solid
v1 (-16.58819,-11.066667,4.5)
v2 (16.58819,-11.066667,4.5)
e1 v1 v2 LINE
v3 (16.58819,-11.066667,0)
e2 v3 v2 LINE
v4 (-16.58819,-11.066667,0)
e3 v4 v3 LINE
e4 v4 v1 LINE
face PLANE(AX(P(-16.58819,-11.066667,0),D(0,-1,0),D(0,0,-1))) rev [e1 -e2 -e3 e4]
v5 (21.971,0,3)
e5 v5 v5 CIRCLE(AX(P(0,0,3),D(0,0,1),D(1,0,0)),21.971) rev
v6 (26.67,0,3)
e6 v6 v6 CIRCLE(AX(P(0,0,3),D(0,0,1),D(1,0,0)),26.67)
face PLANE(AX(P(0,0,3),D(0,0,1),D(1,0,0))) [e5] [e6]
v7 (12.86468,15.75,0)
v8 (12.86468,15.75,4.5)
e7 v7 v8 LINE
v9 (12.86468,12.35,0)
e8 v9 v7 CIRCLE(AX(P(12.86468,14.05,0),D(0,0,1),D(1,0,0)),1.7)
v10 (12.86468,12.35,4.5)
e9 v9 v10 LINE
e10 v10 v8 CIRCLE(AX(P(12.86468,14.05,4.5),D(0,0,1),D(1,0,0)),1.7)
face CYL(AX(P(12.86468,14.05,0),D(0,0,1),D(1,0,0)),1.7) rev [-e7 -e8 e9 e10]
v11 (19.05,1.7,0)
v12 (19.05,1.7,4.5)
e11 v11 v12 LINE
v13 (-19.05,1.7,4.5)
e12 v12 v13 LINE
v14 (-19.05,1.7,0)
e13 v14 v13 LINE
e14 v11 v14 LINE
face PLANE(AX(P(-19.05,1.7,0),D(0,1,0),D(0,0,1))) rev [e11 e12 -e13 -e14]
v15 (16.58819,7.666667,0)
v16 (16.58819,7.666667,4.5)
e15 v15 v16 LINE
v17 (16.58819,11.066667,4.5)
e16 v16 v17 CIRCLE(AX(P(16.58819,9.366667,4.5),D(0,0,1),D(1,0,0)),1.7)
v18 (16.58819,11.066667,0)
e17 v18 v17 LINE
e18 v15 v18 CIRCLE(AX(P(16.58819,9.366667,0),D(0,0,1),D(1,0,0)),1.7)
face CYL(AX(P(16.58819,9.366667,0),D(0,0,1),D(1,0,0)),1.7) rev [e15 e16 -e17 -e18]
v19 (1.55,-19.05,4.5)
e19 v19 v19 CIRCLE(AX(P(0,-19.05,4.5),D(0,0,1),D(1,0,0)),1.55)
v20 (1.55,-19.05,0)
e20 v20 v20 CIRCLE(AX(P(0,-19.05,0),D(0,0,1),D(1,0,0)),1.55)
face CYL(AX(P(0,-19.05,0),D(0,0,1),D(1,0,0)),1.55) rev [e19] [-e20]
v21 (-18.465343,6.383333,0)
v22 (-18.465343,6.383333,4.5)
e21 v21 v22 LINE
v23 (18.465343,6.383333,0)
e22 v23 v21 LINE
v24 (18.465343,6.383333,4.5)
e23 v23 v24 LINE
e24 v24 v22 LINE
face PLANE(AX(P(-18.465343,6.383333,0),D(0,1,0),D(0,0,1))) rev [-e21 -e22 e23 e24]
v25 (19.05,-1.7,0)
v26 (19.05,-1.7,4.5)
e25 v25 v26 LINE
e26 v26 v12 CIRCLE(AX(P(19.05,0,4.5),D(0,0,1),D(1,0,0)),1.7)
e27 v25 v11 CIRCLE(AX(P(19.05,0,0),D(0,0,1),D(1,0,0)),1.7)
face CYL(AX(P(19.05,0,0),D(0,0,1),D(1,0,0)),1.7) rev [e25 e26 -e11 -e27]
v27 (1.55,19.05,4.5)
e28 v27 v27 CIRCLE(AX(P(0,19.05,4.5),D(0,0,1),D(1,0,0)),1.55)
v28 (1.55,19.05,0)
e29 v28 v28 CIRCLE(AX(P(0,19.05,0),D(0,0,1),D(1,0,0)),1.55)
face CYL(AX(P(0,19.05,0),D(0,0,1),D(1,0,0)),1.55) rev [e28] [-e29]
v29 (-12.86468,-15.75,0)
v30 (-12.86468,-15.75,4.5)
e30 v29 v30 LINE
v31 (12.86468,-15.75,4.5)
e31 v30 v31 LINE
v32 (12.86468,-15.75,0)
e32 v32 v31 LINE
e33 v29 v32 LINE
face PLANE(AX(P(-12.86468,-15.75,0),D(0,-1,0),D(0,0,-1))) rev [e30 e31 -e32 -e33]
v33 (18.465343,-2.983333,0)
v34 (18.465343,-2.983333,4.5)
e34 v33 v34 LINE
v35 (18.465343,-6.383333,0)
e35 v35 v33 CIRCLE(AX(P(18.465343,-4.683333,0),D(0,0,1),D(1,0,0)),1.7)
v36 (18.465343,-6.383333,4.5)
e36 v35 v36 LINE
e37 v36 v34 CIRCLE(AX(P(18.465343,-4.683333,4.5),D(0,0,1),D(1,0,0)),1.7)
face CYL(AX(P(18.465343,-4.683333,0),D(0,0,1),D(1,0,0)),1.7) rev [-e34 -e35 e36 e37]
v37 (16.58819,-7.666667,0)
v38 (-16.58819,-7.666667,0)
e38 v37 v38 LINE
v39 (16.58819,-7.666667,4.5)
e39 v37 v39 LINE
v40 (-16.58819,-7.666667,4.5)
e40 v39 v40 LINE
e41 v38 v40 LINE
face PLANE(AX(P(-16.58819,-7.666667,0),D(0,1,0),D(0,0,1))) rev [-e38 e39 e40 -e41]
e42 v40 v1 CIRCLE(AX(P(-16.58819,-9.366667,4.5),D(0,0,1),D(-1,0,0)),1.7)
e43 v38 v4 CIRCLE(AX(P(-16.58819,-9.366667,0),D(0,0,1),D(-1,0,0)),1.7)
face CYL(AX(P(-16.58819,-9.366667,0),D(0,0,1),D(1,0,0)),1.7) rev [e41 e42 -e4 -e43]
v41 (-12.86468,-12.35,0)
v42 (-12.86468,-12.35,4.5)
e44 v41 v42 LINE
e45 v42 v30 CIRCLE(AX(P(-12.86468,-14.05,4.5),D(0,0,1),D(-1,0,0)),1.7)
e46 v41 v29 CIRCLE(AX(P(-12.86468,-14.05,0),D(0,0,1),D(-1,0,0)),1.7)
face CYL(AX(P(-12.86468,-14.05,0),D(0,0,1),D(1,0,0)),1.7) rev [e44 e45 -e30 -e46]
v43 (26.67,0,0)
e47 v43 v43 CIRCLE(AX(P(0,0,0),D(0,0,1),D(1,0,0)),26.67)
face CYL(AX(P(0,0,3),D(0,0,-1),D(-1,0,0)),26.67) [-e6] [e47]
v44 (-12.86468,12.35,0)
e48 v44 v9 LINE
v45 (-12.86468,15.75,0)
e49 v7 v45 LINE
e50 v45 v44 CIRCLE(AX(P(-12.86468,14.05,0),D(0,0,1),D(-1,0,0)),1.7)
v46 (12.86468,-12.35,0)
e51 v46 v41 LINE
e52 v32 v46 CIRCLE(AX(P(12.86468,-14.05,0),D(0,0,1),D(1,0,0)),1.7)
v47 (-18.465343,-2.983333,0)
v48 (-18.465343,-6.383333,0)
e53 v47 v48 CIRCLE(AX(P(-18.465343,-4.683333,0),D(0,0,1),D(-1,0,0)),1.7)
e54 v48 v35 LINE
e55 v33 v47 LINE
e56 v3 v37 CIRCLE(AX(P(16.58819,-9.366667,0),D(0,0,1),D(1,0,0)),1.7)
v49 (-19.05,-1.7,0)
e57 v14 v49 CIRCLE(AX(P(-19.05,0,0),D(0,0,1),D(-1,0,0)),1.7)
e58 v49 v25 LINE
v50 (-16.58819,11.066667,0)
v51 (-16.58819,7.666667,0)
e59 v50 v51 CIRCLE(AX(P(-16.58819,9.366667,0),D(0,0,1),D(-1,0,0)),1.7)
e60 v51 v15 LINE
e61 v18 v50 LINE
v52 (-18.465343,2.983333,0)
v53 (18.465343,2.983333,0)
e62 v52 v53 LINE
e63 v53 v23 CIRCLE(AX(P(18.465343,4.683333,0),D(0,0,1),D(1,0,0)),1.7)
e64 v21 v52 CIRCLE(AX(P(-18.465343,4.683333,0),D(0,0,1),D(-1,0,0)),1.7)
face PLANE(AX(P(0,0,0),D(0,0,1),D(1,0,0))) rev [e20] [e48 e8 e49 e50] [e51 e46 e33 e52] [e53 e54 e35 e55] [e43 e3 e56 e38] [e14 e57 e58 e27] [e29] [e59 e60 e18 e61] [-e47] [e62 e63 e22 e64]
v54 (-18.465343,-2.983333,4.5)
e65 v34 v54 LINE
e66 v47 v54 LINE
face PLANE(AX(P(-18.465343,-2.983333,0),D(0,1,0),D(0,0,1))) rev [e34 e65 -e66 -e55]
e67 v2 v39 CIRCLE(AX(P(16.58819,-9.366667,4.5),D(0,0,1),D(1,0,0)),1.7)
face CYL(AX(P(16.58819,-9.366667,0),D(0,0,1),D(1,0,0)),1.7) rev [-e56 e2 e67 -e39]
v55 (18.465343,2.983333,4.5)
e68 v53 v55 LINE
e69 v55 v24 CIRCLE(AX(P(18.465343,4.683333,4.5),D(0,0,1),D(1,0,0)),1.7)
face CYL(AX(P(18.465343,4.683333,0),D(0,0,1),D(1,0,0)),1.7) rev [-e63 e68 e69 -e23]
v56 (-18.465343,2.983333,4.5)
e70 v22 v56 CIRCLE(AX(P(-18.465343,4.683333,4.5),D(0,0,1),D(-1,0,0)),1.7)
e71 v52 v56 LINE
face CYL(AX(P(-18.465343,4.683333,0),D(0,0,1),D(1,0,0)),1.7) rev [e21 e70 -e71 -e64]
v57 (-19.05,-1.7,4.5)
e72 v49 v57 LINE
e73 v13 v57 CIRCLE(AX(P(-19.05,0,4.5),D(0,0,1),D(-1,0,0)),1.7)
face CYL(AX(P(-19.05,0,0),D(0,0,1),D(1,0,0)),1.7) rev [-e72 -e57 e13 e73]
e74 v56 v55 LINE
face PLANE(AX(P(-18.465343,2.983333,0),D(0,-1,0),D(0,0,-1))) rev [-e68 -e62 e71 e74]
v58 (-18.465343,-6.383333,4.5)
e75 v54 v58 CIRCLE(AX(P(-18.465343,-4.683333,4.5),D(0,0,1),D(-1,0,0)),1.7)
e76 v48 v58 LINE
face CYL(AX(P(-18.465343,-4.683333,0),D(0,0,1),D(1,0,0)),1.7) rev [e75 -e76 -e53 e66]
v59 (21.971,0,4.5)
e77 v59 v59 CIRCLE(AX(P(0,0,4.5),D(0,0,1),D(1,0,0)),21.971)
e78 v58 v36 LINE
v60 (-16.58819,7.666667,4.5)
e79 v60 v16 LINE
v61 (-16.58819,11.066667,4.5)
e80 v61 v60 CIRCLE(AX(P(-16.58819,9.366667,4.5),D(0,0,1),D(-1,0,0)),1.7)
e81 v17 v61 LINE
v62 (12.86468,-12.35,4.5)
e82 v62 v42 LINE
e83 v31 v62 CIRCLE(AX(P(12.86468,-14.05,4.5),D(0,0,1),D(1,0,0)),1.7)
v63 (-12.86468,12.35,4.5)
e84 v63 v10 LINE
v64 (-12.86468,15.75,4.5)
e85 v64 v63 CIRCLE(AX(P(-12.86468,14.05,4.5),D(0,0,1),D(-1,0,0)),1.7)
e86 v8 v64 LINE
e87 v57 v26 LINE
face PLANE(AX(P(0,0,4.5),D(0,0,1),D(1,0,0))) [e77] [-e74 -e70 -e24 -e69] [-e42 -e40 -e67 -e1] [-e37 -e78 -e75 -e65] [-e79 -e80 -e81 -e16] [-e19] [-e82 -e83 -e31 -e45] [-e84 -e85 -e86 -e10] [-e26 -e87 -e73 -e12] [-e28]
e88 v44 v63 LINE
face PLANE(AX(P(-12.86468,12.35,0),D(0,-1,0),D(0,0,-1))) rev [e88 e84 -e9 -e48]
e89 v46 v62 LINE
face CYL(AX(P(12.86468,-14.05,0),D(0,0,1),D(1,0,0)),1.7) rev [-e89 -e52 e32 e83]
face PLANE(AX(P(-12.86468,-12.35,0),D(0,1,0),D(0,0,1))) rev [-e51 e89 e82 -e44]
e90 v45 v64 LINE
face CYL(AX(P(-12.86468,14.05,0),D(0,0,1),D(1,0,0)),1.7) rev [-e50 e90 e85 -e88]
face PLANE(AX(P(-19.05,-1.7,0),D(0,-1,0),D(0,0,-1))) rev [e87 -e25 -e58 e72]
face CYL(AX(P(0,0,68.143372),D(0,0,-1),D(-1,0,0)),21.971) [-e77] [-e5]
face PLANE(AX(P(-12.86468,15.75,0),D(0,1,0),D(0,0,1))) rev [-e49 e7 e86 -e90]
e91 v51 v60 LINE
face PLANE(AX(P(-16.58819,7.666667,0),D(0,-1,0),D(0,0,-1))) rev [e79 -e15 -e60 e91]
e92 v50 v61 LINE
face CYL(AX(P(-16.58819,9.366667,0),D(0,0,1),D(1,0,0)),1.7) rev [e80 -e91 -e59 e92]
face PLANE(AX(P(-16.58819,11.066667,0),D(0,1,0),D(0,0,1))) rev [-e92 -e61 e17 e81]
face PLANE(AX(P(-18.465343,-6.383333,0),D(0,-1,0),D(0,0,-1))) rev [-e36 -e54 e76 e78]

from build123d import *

# Parameters (mm, degrees)
SKETCH1_R           = 26.67
SKETCH1_R_2         = 21.971
SKETCH1_R_3         = 18.5
BOSS_EXTRUDE1_DEPTH = 3
SKETCH1_3_R         = 21.971
SKETCH1_3_R_2       = 18.5
BOSS_EXTRUDE2_DEPTH = 4.5
SKETCH2_R           = 1.55
CUT_EXTRUDE2_DEPTH  = 38.984573184


with BuildPart() as part:
    # Sketch1 → Boss-Extrude1 (new body)
    # profile 1 of 3: a face of its own
    with BuildSketch(Plane.XY):
        Circle(SKETCH1_R)
        Circle(SKETCH1_R_2, mode=Mode.SUBTRACT)
    # profile 2 of 3: a face of its own
    with BuildSketch(Plane.XY):
        Circle(SKETCH1_R_2)
        Circle(SKETCH1_R_3, mode=Mode.SUBTRACT)
    # profile 3 of 3: a face of its own
    with BuildSketch(Plane.XY):
        Circle(SKETCH1_R_3)
    extrude(amount=BOSS_EXTRUDE1_DEPTH)

    # Sketch1<3> → Boss-Extrude2 (add)
    # profile 1 of 2: a face of its own
    with BuildSketch(Plane.XY):
        Circle(SKETCH1_3_R)
        Circle(SKETCH1_3_R_2, mode=Mode.SUBTRACT)
    # profile 2 of 2: a face of its own
    with BuildSketch(Plane.XY):
        Circle(SKETCH1_3_R_2)
    extrude(amount=BOSS_EXTRUDE2_DEPTH)

    # Sketch2 → Cut-Extrude2 (cut, through all)
    with BuildSketch(Plane.XY.offset(4.5)):
        with Locations((0, 19.05)):
            Circle(SKETCH2_R)
        with Locations((0, -19.05)):
            Circle(SKETCH2_R)
        with BuildLine():
            Line((-12.86468033, 12.35), (12.86468033, 12.35))
            ThreePointArc((12.86468033, 12.35), (14.56468033, 14.05), (12.86468033, 15.75))
            Line((12.86468033, 15.75), (-12.86468033, 15.75))
            ThreePointArc((-12.86468033, 15.75), (-14.56468033, 14.05), (-12.86468033, 12.35))
        make_face()
        with BuildLine():
            Line((-16.588190244, 7.666666667), (16.588190244, 7.666666667))
            ThreePointArc((16.588190244, 7.666666667), (18.288190244, 9.366666667), (16.588190244, 11.066666667))
            Line((16.588190244, 11.066666667), (-16.588190244, 11.066666667))
            ThreePointArc((-16.588190244, 11.066666667), (-18.288190244, 9.366666667), (-16.588190244, 7.666666667))
        make_face()
        with BuildLine():
            Line((-18.465342913, 2.983333333), (18.465342913, 2.983333333))
            ThreePointArc((18.465342913, 2.983333333), (20.165342913, 4.683333333), (18.465342913, 6.383333333))
            Line((18.465342913, 6.383333333), (-18.465342913, 6.383333333))
            ThreePointArc((-18.465342913, 6.383333333), (-20.165342913, 4.683333333), (-18.465342913, 2.983333333))
        make_face()
        with BuildLine():
            Line((-19.05, -1.7), (19.05, -1.7))
            ThreePointArc((19.05, -1.7), (20.75, 0), (19.05, 1.7))
            Line((19.05, 1.7), (-19.05, 1.7))
            ThreePointArc((-19.05, 1.7), (-20.75, 0), (-19.05, -1.7))
        make_face()
        with BuildLine():
            Line((-18.465342913, -6.383333333), (18.465342913, -6.383333333))
            ThreePointArc((18.465342913, -6.383333333), (20.165342913, -4.683333333), (18.465342913, -2.983333333))
            Line((18.465342913, -2.983333333), (-18.465342913, -2.983333333))
            ThreePointArc((-18.465342913, -2.983333333), (-20.165342913, -4.683333333), (-18.465342913, -6.383333333))
        make_face()
        with BuildLine():
            Line((-16.588190244, -11.066666667), (16.588190244, -11.066666667))
            ThreePointArc((16.588190244, -11.066666667), (18.288190244, -9.366666667), (16.588190244, -7.666666667))
            Line((16.588190244, -7.666666667), (-16.588190244, -7.666666667))
            ThreePointArc((-16.588190244, -7.666666667), (-18.288190244, -9.366666667), (-16.588190244, -11.066666667))
        make_face()
        with BuildLine():
            Line((-12.86468033, -15.75), (12.86468033, -15.75))
            ThreePointArc((12.86468033, -15.75), (14.56468033, -14.05), (12.86468033, -12.35))
            Line((12.86468033, -12.35), (-12.86468033, -12.35))
            ThreePointArc((-12.86468033, -12.35), (-14.56468033, -14.05), (-12.86468033, -15.75))
        make_face()
    extrude(amount=-CUT_EXTRUDE2_DEPTH, mode=Mode.SUBTRACT)


solid = part.part
